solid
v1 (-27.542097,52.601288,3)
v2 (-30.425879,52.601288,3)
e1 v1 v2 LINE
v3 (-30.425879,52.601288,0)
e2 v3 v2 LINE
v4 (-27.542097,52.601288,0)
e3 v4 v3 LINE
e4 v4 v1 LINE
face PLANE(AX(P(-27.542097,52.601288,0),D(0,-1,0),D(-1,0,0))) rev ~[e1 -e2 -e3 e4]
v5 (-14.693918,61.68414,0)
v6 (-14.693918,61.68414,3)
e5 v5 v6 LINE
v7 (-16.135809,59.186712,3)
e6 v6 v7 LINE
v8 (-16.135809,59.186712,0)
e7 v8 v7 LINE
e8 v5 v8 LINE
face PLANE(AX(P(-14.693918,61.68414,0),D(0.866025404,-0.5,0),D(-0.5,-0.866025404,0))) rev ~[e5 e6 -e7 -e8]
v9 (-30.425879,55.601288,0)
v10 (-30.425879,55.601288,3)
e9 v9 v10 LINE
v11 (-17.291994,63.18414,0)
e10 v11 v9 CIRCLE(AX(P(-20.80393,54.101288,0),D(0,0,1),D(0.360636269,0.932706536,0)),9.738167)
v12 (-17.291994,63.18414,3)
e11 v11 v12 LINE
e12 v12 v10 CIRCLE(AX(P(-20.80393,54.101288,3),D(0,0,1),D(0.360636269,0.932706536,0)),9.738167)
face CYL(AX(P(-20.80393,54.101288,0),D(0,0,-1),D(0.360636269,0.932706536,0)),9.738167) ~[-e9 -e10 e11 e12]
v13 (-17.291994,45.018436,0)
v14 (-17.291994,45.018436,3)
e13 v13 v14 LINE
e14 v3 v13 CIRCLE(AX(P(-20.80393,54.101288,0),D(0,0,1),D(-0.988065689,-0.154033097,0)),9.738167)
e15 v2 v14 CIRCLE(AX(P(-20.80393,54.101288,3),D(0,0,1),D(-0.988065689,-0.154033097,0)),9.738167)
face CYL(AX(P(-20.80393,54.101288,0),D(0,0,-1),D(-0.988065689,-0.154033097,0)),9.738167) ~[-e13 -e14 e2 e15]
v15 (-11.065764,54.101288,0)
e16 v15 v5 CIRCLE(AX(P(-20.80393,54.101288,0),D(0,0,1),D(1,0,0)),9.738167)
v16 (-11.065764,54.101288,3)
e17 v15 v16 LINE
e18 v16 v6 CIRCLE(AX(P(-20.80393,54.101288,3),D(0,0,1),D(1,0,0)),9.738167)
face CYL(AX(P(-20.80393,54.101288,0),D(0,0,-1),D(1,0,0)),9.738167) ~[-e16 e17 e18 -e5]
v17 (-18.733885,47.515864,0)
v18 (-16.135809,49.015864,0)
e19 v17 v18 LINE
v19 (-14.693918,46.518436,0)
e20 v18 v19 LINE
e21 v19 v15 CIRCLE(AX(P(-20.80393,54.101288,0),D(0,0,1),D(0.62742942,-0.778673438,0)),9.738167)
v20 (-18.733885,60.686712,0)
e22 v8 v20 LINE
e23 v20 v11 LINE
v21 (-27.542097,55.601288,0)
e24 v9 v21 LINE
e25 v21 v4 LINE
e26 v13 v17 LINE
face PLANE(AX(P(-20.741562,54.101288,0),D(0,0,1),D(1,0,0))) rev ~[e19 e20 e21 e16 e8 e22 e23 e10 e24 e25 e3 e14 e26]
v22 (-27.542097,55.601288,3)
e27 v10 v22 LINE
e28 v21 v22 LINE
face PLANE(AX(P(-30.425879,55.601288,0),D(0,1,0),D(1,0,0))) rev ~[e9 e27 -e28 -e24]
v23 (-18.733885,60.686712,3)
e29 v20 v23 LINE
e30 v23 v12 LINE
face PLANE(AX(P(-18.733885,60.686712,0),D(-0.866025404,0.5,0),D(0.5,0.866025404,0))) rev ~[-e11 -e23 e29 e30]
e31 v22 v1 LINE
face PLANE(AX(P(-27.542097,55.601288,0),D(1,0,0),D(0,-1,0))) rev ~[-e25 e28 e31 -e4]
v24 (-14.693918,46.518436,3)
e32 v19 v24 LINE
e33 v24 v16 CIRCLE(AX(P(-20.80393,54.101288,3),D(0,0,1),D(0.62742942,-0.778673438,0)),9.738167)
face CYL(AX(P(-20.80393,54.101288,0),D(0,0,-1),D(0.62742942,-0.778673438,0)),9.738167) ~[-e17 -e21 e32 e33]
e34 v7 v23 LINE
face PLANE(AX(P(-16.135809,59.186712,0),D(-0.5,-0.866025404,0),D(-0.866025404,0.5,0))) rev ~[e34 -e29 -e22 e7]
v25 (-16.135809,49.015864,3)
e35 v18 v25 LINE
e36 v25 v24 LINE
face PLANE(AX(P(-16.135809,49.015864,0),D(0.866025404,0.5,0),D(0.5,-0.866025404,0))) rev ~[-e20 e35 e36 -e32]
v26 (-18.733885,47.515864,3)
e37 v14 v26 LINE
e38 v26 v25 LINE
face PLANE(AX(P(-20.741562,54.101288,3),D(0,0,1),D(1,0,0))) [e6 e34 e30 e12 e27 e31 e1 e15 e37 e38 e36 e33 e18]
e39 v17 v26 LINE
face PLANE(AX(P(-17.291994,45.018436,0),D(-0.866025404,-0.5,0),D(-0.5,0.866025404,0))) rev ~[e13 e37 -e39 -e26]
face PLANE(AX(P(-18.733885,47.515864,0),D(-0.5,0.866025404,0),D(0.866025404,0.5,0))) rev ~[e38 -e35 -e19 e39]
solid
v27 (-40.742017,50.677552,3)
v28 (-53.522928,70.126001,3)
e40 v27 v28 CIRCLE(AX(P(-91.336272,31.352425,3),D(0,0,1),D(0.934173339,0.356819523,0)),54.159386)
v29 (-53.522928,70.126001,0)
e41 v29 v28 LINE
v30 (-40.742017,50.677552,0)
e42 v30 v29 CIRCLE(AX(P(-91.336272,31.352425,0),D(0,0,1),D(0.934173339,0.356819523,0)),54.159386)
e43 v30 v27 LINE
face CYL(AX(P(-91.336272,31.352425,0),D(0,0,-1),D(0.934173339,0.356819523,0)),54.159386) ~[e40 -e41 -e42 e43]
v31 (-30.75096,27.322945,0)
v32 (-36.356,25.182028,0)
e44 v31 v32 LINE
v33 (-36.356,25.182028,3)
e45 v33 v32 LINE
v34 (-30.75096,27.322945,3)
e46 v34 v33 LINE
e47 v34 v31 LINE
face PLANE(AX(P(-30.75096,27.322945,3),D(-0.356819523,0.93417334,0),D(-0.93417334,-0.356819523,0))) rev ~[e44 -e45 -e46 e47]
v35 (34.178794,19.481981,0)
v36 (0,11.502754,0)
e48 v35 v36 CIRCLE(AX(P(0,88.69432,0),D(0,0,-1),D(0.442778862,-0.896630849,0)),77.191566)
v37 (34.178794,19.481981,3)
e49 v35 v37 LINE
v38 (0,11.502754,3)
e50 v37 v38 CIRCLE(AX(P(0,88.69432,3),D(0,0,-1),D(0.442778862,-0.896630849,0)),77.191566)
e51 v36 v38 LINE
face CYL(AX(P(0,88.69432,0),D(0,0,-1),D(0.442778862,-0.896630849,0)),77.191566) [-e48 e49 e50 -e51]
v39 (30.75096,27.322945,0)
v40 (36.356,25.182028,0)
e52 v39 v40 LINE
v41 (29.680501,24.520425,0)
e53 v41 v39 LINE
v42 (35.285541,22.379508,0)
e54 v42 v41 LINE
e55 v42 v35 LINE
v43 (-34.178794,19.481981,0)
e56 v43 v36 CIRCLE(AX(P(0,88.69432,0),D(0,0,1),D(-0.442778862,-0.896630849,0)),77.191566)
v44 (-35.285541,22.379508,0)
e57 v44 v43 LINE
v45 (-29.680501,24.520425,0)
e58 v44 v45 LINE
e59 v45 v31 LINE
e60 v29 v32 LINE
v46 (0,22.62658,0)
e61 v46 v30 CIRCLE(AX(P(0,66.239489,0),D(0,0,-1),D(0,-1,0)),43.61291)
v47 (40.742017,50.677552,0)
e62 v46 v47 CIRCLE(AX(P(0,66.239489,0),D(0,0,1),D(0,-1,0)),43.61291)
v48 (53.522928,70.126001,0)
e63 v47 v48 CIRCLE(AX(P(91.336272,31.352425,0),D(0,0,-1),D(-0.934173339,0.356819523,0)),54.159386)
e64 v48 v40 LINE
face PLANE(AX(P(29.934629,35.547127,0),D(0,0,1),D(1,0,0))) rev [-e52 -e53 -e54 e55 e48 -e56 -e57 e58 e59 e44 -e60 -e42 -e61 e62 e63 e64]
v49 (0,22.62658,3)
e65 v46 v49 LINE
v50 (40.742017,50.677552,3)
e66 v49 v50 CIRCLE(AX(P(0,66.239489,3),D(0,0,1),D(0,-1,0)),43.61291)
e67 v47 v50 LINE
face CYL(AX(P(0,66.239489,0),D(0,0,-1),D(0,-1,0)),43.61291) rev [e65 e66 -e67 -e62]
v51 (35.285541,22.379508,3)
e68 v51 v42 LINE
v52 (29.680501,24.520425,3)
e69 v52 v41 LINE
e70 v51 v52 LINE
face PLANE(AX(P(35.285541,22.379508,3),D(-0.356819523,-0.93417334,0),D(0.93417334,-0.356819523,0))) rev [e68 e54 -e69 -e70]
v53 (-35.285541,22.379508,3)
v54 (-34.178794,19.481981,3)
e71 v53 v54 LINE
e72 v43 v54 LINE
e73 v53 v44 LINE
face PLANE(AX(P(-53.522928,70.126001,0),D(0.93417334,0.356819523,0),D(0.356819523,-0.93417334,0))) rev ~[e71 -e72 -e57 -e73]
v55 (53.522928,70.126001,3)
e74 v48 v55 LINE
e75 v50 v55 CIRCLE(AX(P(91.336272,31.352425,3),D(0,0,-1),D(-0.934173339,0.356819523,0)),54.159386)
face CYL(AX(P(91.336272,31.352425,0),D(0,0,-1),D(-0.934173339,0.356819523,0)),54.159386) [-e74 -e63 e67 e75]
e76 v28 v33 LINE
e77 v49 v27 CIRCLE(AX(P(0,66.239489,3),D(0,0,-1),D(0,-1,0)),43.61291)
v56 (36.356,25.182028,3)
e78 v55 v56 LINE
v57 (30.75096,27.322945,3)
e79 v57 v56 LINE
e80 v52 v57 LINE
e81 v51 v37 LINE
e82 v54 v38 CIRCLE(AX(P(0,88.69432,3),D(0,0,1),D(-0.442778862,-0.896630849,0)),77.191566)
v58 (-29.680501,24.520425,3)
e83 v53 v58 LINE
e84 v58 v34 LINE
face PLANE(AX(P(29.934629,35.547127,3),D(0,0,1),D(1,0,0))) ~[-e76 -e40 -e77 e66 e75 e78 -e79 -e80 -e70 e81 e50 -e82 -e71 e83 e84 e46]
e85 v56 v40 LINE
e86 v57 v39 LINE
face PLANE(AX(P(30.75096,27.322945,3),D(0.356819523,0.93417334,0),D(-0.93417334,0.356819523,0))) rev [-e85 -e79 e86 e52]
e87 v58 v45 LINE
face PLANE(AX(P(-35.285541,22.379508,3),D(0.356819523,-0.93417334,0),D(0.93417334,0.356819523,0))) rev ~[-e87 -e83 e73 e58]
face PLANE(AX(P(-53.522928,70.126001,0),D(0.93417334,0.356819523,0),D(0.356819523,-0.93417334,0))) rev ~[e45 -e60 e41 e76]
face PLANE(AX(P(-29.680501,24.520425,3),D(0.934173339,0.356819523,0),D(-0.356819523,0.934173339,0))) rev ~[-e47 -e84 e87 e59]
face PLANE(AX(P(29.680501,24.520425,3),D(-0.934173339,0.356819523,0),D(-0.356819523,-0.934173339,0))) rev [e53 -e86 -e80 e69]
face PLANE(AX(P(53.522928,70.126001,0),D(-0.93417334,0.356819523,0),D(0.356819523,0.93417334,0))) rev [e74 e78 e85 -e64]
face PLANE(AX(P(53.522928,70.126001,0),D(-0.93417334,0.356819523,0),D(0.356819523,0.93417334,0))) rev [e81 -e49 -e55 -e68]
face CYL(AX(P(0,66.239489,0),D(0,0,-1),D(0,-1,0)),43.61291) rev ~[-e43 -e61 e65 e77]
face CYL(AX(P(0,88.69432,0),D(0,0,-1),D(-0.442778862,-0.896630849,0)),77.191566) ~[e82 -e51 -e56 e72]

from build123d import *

# Parameters (mm, degrees)
F1_DEPTH = 3
F3_DEPTH = 25
F6_DEPTH = 3


with BuildPart() as f1:
    # F0 (on Top) → F1 (new body)
    with BuildSketch(Plane.XY):
        with BuildLine():
            ThreePointArc((0, 22.6265797497), (-24.7324129751, 30.3174399754), (-40.7420173483, 50.6775517235))
            ThreePointArc((-40.7420173483, 50.6775517235), (-46.0755119449, 61.0963779092), (-53.5229284021, 70.1260009251))
            Line((-53.5229284021, 70.1260009251), (-34.1787936319, 19.4819811072))
            ThreePointArc((-34.1787936319, 19.4819811072), (-17.5489172861, 13.5240247389), (0, 11.5027544827))
            Line((0, 11.5027544827), (0, 22.6265797497))
        make_face()
    extrude(amount=F1_DEPTH)

    # F2 (on face) → F3 (cut)
    with BuildSketch(Plane.XY.offset(3)):
        Polygon((-35.2855414011, 22.3795082711), (-29.6805013641, 24.5204254072), (-30.7509599322, 27.3229454257), (-36.3559999692, 25.1820282896), align=None)
    extrude(amount=-F3_DEPTH, mode=Mode.SUBTRACT)

    # F4: F1 across face


with BuildPart() as f1_1:
    add(f1.part)
    add(f1.part.mirror(Plane(origin=(0, 17.0646671162, 1.5), x_dir=(0, 1, 0), z_dir=(1, 0, 0))))


with BuildPart() as f6:
    # F5 (on Top) → F6 (new body)
    with BuildSketch(Plane.XY):
        with BuildLine():
            ThreePointArc((-14.6939180594, 46.518436245), (-12.0195063409, 49.8982193612), (-11.0657635942, 54.1012880884))
            ThreePointArc((-11.0657635942, 54.1012880884), (-12.0195063409, 58.3043568157), (-14.6939180594, 61.6841399319))
            Line((-14.6939180594, 61.6841399319), (-16.1358089014, 59.1867117345))
            Line((-16.1358089014, 59.1867117345), (-18.7338851128, 60.6867117345))
            Line((-18.7338851128, 60.6867117345), (-17.2919942707, 63.1841399319))
            ThreePointArc((-17.2919942707, 63.1841399319), (-25.6730138329, 62.5347879459), (-30.4258789299, 55.6012880884))
            Line((-30.4258789299, 55.6012880884), (-27.5420972458, 55.6012880884))
            Line((-27.5420972458, 55.6012880884), (-27.5420972458, 52.6012880884))
            Line((-27.5420972458, 52.6012880884), (-30.4258789299, 52.6012880884))
            ThreePointArc((-30.4258789299, 52.6012880884), (-25.6730138329, 45.667788231), (-17.2919942707, 45.018436245))
            Line((-17.2919942707, 45.018436245), (-18.7338851128, 47.5158644424))
            Line((-18.7338851128, 47.5158644424), (-16.1358089014, 49.0158644424))
            Line((-16.1358089014, 49.0158644424), (-14.6939180594, 46.518436245))
        make_face()
    extrude(amount=F6_DEPTH)


solid = Compound([f1_1.part, f6.part])
